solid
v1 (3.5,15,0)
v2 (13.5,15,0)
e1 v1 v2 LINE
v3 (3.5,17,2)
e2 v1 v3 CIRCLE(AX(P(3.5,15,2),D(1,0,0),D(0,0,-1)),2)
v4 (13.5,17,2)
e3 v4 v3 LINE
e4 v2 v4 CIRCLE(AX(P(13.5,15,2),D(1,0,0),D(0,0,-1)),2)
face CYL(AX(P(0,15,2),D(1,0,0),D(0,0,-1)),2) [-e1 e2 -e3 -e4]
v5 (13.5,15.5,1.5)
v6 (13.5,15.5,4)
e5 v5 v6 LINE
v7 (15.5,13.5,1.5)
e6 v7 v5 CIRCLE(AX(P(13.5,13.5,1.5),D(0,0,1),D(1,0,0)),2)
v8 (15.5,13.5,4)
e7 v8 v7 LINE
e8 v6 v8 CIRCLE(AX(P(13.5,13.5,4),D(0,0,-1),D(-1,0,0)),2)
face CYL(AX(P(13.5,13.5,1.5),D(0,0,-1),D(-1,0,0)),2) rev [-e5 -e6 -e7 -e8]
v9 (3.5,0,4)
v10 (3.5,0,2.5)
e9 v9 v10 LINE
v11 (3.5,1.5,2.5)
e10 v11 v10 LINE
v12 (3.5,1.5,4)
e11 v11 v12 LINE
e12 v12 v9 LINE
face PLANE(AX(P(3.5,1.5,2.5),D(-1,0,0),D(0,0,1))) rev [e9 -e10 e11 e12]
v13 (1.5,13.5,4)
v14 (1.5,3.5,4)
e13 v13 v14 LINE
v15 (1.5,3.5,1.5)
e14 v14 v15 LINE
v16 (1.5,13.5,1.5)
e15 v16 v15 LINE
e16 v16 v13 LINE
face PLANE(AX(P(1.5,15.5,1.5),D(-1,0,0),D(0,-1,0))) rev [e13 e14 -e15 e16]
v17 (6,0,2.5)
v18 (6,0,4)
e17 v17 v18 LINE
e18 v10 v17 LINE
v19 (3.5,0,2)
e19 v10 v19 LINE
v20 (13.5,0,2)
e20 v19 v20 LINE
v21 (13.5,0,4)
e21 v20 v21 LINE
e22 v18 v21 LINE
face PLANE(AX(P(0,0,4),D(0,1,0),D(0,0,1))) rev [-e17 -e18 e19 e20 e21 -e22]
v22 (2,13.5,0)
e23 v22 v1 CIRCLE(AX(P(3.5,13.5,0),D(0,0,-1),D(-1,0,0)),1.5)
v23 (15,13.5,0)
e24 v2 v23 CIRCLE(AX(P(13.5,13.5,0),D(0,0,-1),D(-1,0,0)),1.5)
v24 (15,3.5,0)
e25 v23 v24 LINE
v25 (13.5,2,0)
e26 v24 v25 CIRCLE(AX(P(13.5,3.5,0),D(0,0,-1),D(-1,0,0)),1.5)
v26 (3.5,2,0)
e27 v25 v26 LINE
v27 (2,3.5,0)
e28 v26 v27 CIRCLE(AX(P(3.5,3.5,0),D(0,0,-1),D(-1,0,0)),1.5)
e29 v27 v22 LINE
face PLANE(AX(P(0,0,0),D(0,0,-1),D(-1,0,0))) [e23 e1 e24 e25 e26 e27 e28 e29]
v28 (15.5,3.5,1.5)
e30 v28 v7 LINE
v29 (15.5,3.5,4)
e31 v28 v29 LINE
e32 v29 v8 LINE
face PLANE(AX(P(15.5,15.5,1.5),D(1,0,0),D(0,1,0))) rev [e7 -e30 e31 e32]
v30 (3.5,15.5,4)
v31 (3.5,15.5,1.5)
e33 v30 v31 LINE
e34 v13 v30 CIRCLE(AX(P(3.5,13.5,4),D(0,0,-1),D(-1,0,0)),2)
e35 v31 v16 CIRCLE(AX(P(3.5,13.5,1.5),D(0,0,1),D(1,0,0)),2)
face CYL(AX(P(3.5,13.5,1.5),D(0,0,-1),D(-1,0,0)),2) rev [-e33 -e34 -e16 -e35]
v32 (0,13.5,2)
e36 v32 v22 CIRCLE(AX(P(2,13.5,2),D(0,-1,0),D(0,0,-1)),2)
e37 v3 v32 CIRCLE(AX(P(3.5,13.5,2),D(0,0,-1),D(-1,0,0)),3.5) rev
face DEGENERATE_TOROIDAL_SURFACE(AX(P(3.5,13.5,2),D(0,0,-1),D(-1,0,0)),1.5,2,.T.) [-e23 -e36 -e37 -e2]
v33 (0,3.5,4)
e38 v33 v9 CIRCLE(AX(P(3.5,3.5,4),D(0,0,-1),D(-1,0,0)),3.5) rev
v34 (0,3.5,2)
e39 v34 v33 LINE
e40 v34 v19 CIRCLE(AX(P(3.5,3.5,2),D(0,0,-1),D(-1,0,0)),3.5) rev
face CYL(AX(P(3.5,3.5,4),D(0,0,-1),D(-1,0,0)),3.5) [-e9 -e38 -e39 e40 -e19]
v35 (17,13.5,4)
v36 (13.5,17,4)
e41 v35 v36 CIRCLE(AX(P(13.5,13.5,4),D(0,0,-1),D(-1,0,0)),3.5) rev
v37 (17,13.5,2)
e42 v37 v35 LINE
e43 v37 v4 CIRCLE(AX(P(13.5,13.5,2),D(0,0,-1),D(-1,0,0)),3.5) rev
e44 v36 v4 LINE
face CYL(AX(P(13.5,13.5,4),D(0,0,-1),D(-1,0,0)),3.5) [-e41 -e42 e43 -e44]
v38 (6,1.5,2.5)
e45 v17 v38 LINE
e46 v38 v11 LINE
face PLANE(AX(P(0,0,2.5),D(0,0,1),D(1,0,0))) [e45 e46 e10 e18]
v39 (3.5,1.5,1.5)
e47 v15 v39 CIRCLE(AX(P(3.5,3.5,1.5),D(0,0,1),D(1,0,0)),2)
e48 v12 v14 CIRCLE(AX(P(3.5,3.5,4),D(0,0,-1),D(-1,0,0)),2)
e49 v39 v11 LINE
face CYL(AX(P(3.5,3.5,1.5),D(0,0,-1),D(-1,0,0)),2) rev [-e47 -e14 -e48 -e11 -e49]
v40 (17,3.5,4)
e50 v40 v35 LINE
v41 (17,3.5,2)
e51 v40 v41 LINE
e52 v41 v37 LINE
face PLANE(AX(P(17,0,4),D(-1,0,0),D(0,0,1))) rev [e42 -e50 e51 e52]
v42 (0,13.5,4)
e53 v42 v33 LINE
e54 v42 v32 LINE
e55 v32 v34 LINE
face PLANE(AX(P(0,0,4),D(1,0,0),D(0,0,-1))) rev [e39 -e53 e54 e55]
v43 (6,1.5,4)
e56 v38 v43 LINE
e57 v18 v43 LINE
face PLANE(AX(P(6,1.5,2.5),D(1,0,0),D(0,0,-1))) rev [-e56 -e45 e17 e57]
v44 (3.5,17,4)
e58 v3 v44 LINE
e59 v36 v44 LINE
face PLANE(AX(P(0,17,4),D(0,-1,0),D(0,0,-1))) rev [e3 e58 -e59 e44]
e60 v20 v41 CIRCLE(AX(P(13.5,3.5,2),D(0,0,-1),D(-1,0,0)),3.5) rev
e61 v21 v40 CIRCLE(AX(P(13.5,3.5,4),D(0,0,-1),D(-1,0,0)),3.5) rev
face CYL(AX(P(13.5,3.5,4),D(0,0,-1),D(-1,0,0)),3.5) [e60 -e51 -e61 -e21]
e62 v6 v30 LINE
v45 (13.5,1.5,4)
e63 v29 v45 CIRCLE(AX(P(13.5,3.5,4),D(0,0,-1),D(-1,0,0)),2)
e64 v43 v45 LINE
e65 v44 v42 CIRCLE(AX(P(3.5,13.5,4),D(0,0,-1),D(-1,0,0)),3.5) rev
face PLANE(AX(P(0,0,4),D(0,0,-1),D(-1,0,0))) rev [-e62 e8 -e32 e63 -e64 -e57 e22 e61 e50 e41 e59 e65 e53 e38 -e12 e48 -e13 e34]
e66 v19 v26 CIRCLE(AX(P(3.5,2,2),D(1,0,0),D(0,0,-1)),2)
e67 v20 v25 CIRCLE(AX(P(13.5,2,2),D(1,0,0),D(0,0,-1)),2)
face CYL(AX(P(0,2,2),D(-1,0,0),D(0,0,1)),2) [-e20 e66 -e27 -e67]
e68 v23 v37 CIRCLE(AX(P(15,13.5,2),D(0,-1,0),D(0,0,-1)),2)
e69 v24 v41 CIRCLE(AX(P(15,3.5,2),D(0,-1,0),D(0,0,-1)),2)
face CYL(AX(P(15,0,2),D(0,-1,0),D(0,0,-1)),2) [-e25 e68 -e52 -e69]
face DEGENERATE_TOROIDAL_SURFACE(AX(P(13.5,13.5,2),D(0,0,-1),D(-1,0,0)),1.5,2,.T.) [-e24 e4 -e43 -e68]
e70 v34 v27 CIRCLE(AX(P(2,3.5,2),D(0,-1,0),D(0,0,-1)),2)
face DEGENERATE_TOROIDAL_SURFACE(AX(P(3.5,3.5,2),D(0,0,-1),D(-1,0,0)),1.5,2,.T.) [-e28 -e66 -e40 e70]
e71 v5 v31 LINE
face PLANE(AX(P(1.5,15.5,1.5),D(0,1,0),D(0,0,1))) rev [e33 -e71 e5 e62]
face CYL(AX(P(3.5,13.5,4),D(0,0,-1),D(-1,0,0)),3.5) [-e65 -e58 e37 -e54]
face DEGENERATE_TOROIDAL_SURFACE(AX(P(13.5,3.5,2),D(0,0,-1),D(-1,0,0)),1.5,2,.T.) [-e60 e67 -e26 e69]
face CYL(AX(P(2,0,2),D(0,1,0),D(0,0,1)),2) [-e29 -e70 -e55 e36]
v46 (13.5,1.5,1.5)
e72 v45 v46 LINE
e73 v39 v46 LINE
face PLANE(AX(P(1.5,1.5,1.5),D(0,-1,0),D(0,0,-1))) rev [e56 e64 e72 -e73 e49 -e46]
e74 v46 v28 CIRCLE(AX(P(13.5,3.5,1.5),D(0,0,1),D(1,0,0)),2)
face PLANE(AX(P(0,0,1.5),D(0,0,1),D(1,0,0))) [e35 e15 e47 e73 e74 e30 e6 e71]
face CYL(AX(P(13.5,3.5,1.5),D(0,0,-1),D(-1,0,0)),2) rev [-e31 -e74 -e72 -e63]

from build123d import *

# Parameters (mm, degrees)
SKETCH1_W           = 17
SKETCH1_H           = 17
BOSS_EXTRUDE1_DEPTH = 4
SKETCH2_W           = 14
SKETCH2_H           = 14
CUT_EXTRUDE1_DEPTH  = 2.5
FILLET1_R           = 2
FILLET2_R           = 3.5
SKETCH3_W           = 2.5
SKETCH3_H           = 1.5
CUT_EXTRUDE2_DEPTH  = 1.5
FILLET3_R           = 2


with BuildPart() as part:
    # Sketch1 → Boss-Extrude1 (new body)
    with BuildSketch(Plane.XY):
        with Locations((8.5, 8.5)):
            Rectangle(SKETCH1_W, SKETCH1_H)
    extrude(amount=BOSS_EXTRUDE1_DEPTH)

    # Sketch2 → Cut-Extrude1 (cut)
    with BuildSketch(Plane.XY.offset(4)):
        with Locations((8.5, 8.5)):
            Rectangle(SKETCH2_W, SKETCH2_H)
    extrude(amount=-CUT_EXTRUDE1_DEPTH, mode=Mode.SUBTRACT)

    # Fillet1
    fillet1_edges = [part.edges().sort_by_distance(p)[0] for p in [
        (1.5, 1.5, 2.75),
        (1.5, 15.5, 2.75),
        (15.5, 15.5, 2.75),
        (15.5, 1.5, 2.75),
    ]]
    fillet(fillet1_edges, radius=FILLET1_R)

    # Fillet2
    fillet2_edges = [part.edges().sort_by_distance(p)[0] for p in [
        (0, 17, 2),
        (17, 17, 2),
        (17, 0, 2),
        (0, 0, 2),
    ]]
    fillet(fillet2_edges, radius=FILLET2_R)

    # Sketch3 → Cut-Extrude2 (cut)
    with BuildSketch(Plane.XY.offset(4)):
        with Locations((4.75, 0.75)):
            Rectangle(SKETCH3_W, SKETCH3_H)
    extrude(amount=-CUT_EXTRUDE2_DEPTH, mode=Mode.SUBTRACT)

    # Fillet3
    fillet3_edges = [part.edges().sort_by_distance(p)[0] for p in [
        (17, 8.5, 0),
        (0, 8.5, 0),
        (8.5, 17, 0),
        (8.5, 0, 0),
        (1.025126266, 15.974873734, 0),
        (15.974873734, 15.974873734, 0),
        (1.025126266, 1.025126266, 0),
        (15.974873734, 1.025126266, 0),
    ]]
    fillet(fillet3_edges, radius=FILLET3_R)


solid = part.part
